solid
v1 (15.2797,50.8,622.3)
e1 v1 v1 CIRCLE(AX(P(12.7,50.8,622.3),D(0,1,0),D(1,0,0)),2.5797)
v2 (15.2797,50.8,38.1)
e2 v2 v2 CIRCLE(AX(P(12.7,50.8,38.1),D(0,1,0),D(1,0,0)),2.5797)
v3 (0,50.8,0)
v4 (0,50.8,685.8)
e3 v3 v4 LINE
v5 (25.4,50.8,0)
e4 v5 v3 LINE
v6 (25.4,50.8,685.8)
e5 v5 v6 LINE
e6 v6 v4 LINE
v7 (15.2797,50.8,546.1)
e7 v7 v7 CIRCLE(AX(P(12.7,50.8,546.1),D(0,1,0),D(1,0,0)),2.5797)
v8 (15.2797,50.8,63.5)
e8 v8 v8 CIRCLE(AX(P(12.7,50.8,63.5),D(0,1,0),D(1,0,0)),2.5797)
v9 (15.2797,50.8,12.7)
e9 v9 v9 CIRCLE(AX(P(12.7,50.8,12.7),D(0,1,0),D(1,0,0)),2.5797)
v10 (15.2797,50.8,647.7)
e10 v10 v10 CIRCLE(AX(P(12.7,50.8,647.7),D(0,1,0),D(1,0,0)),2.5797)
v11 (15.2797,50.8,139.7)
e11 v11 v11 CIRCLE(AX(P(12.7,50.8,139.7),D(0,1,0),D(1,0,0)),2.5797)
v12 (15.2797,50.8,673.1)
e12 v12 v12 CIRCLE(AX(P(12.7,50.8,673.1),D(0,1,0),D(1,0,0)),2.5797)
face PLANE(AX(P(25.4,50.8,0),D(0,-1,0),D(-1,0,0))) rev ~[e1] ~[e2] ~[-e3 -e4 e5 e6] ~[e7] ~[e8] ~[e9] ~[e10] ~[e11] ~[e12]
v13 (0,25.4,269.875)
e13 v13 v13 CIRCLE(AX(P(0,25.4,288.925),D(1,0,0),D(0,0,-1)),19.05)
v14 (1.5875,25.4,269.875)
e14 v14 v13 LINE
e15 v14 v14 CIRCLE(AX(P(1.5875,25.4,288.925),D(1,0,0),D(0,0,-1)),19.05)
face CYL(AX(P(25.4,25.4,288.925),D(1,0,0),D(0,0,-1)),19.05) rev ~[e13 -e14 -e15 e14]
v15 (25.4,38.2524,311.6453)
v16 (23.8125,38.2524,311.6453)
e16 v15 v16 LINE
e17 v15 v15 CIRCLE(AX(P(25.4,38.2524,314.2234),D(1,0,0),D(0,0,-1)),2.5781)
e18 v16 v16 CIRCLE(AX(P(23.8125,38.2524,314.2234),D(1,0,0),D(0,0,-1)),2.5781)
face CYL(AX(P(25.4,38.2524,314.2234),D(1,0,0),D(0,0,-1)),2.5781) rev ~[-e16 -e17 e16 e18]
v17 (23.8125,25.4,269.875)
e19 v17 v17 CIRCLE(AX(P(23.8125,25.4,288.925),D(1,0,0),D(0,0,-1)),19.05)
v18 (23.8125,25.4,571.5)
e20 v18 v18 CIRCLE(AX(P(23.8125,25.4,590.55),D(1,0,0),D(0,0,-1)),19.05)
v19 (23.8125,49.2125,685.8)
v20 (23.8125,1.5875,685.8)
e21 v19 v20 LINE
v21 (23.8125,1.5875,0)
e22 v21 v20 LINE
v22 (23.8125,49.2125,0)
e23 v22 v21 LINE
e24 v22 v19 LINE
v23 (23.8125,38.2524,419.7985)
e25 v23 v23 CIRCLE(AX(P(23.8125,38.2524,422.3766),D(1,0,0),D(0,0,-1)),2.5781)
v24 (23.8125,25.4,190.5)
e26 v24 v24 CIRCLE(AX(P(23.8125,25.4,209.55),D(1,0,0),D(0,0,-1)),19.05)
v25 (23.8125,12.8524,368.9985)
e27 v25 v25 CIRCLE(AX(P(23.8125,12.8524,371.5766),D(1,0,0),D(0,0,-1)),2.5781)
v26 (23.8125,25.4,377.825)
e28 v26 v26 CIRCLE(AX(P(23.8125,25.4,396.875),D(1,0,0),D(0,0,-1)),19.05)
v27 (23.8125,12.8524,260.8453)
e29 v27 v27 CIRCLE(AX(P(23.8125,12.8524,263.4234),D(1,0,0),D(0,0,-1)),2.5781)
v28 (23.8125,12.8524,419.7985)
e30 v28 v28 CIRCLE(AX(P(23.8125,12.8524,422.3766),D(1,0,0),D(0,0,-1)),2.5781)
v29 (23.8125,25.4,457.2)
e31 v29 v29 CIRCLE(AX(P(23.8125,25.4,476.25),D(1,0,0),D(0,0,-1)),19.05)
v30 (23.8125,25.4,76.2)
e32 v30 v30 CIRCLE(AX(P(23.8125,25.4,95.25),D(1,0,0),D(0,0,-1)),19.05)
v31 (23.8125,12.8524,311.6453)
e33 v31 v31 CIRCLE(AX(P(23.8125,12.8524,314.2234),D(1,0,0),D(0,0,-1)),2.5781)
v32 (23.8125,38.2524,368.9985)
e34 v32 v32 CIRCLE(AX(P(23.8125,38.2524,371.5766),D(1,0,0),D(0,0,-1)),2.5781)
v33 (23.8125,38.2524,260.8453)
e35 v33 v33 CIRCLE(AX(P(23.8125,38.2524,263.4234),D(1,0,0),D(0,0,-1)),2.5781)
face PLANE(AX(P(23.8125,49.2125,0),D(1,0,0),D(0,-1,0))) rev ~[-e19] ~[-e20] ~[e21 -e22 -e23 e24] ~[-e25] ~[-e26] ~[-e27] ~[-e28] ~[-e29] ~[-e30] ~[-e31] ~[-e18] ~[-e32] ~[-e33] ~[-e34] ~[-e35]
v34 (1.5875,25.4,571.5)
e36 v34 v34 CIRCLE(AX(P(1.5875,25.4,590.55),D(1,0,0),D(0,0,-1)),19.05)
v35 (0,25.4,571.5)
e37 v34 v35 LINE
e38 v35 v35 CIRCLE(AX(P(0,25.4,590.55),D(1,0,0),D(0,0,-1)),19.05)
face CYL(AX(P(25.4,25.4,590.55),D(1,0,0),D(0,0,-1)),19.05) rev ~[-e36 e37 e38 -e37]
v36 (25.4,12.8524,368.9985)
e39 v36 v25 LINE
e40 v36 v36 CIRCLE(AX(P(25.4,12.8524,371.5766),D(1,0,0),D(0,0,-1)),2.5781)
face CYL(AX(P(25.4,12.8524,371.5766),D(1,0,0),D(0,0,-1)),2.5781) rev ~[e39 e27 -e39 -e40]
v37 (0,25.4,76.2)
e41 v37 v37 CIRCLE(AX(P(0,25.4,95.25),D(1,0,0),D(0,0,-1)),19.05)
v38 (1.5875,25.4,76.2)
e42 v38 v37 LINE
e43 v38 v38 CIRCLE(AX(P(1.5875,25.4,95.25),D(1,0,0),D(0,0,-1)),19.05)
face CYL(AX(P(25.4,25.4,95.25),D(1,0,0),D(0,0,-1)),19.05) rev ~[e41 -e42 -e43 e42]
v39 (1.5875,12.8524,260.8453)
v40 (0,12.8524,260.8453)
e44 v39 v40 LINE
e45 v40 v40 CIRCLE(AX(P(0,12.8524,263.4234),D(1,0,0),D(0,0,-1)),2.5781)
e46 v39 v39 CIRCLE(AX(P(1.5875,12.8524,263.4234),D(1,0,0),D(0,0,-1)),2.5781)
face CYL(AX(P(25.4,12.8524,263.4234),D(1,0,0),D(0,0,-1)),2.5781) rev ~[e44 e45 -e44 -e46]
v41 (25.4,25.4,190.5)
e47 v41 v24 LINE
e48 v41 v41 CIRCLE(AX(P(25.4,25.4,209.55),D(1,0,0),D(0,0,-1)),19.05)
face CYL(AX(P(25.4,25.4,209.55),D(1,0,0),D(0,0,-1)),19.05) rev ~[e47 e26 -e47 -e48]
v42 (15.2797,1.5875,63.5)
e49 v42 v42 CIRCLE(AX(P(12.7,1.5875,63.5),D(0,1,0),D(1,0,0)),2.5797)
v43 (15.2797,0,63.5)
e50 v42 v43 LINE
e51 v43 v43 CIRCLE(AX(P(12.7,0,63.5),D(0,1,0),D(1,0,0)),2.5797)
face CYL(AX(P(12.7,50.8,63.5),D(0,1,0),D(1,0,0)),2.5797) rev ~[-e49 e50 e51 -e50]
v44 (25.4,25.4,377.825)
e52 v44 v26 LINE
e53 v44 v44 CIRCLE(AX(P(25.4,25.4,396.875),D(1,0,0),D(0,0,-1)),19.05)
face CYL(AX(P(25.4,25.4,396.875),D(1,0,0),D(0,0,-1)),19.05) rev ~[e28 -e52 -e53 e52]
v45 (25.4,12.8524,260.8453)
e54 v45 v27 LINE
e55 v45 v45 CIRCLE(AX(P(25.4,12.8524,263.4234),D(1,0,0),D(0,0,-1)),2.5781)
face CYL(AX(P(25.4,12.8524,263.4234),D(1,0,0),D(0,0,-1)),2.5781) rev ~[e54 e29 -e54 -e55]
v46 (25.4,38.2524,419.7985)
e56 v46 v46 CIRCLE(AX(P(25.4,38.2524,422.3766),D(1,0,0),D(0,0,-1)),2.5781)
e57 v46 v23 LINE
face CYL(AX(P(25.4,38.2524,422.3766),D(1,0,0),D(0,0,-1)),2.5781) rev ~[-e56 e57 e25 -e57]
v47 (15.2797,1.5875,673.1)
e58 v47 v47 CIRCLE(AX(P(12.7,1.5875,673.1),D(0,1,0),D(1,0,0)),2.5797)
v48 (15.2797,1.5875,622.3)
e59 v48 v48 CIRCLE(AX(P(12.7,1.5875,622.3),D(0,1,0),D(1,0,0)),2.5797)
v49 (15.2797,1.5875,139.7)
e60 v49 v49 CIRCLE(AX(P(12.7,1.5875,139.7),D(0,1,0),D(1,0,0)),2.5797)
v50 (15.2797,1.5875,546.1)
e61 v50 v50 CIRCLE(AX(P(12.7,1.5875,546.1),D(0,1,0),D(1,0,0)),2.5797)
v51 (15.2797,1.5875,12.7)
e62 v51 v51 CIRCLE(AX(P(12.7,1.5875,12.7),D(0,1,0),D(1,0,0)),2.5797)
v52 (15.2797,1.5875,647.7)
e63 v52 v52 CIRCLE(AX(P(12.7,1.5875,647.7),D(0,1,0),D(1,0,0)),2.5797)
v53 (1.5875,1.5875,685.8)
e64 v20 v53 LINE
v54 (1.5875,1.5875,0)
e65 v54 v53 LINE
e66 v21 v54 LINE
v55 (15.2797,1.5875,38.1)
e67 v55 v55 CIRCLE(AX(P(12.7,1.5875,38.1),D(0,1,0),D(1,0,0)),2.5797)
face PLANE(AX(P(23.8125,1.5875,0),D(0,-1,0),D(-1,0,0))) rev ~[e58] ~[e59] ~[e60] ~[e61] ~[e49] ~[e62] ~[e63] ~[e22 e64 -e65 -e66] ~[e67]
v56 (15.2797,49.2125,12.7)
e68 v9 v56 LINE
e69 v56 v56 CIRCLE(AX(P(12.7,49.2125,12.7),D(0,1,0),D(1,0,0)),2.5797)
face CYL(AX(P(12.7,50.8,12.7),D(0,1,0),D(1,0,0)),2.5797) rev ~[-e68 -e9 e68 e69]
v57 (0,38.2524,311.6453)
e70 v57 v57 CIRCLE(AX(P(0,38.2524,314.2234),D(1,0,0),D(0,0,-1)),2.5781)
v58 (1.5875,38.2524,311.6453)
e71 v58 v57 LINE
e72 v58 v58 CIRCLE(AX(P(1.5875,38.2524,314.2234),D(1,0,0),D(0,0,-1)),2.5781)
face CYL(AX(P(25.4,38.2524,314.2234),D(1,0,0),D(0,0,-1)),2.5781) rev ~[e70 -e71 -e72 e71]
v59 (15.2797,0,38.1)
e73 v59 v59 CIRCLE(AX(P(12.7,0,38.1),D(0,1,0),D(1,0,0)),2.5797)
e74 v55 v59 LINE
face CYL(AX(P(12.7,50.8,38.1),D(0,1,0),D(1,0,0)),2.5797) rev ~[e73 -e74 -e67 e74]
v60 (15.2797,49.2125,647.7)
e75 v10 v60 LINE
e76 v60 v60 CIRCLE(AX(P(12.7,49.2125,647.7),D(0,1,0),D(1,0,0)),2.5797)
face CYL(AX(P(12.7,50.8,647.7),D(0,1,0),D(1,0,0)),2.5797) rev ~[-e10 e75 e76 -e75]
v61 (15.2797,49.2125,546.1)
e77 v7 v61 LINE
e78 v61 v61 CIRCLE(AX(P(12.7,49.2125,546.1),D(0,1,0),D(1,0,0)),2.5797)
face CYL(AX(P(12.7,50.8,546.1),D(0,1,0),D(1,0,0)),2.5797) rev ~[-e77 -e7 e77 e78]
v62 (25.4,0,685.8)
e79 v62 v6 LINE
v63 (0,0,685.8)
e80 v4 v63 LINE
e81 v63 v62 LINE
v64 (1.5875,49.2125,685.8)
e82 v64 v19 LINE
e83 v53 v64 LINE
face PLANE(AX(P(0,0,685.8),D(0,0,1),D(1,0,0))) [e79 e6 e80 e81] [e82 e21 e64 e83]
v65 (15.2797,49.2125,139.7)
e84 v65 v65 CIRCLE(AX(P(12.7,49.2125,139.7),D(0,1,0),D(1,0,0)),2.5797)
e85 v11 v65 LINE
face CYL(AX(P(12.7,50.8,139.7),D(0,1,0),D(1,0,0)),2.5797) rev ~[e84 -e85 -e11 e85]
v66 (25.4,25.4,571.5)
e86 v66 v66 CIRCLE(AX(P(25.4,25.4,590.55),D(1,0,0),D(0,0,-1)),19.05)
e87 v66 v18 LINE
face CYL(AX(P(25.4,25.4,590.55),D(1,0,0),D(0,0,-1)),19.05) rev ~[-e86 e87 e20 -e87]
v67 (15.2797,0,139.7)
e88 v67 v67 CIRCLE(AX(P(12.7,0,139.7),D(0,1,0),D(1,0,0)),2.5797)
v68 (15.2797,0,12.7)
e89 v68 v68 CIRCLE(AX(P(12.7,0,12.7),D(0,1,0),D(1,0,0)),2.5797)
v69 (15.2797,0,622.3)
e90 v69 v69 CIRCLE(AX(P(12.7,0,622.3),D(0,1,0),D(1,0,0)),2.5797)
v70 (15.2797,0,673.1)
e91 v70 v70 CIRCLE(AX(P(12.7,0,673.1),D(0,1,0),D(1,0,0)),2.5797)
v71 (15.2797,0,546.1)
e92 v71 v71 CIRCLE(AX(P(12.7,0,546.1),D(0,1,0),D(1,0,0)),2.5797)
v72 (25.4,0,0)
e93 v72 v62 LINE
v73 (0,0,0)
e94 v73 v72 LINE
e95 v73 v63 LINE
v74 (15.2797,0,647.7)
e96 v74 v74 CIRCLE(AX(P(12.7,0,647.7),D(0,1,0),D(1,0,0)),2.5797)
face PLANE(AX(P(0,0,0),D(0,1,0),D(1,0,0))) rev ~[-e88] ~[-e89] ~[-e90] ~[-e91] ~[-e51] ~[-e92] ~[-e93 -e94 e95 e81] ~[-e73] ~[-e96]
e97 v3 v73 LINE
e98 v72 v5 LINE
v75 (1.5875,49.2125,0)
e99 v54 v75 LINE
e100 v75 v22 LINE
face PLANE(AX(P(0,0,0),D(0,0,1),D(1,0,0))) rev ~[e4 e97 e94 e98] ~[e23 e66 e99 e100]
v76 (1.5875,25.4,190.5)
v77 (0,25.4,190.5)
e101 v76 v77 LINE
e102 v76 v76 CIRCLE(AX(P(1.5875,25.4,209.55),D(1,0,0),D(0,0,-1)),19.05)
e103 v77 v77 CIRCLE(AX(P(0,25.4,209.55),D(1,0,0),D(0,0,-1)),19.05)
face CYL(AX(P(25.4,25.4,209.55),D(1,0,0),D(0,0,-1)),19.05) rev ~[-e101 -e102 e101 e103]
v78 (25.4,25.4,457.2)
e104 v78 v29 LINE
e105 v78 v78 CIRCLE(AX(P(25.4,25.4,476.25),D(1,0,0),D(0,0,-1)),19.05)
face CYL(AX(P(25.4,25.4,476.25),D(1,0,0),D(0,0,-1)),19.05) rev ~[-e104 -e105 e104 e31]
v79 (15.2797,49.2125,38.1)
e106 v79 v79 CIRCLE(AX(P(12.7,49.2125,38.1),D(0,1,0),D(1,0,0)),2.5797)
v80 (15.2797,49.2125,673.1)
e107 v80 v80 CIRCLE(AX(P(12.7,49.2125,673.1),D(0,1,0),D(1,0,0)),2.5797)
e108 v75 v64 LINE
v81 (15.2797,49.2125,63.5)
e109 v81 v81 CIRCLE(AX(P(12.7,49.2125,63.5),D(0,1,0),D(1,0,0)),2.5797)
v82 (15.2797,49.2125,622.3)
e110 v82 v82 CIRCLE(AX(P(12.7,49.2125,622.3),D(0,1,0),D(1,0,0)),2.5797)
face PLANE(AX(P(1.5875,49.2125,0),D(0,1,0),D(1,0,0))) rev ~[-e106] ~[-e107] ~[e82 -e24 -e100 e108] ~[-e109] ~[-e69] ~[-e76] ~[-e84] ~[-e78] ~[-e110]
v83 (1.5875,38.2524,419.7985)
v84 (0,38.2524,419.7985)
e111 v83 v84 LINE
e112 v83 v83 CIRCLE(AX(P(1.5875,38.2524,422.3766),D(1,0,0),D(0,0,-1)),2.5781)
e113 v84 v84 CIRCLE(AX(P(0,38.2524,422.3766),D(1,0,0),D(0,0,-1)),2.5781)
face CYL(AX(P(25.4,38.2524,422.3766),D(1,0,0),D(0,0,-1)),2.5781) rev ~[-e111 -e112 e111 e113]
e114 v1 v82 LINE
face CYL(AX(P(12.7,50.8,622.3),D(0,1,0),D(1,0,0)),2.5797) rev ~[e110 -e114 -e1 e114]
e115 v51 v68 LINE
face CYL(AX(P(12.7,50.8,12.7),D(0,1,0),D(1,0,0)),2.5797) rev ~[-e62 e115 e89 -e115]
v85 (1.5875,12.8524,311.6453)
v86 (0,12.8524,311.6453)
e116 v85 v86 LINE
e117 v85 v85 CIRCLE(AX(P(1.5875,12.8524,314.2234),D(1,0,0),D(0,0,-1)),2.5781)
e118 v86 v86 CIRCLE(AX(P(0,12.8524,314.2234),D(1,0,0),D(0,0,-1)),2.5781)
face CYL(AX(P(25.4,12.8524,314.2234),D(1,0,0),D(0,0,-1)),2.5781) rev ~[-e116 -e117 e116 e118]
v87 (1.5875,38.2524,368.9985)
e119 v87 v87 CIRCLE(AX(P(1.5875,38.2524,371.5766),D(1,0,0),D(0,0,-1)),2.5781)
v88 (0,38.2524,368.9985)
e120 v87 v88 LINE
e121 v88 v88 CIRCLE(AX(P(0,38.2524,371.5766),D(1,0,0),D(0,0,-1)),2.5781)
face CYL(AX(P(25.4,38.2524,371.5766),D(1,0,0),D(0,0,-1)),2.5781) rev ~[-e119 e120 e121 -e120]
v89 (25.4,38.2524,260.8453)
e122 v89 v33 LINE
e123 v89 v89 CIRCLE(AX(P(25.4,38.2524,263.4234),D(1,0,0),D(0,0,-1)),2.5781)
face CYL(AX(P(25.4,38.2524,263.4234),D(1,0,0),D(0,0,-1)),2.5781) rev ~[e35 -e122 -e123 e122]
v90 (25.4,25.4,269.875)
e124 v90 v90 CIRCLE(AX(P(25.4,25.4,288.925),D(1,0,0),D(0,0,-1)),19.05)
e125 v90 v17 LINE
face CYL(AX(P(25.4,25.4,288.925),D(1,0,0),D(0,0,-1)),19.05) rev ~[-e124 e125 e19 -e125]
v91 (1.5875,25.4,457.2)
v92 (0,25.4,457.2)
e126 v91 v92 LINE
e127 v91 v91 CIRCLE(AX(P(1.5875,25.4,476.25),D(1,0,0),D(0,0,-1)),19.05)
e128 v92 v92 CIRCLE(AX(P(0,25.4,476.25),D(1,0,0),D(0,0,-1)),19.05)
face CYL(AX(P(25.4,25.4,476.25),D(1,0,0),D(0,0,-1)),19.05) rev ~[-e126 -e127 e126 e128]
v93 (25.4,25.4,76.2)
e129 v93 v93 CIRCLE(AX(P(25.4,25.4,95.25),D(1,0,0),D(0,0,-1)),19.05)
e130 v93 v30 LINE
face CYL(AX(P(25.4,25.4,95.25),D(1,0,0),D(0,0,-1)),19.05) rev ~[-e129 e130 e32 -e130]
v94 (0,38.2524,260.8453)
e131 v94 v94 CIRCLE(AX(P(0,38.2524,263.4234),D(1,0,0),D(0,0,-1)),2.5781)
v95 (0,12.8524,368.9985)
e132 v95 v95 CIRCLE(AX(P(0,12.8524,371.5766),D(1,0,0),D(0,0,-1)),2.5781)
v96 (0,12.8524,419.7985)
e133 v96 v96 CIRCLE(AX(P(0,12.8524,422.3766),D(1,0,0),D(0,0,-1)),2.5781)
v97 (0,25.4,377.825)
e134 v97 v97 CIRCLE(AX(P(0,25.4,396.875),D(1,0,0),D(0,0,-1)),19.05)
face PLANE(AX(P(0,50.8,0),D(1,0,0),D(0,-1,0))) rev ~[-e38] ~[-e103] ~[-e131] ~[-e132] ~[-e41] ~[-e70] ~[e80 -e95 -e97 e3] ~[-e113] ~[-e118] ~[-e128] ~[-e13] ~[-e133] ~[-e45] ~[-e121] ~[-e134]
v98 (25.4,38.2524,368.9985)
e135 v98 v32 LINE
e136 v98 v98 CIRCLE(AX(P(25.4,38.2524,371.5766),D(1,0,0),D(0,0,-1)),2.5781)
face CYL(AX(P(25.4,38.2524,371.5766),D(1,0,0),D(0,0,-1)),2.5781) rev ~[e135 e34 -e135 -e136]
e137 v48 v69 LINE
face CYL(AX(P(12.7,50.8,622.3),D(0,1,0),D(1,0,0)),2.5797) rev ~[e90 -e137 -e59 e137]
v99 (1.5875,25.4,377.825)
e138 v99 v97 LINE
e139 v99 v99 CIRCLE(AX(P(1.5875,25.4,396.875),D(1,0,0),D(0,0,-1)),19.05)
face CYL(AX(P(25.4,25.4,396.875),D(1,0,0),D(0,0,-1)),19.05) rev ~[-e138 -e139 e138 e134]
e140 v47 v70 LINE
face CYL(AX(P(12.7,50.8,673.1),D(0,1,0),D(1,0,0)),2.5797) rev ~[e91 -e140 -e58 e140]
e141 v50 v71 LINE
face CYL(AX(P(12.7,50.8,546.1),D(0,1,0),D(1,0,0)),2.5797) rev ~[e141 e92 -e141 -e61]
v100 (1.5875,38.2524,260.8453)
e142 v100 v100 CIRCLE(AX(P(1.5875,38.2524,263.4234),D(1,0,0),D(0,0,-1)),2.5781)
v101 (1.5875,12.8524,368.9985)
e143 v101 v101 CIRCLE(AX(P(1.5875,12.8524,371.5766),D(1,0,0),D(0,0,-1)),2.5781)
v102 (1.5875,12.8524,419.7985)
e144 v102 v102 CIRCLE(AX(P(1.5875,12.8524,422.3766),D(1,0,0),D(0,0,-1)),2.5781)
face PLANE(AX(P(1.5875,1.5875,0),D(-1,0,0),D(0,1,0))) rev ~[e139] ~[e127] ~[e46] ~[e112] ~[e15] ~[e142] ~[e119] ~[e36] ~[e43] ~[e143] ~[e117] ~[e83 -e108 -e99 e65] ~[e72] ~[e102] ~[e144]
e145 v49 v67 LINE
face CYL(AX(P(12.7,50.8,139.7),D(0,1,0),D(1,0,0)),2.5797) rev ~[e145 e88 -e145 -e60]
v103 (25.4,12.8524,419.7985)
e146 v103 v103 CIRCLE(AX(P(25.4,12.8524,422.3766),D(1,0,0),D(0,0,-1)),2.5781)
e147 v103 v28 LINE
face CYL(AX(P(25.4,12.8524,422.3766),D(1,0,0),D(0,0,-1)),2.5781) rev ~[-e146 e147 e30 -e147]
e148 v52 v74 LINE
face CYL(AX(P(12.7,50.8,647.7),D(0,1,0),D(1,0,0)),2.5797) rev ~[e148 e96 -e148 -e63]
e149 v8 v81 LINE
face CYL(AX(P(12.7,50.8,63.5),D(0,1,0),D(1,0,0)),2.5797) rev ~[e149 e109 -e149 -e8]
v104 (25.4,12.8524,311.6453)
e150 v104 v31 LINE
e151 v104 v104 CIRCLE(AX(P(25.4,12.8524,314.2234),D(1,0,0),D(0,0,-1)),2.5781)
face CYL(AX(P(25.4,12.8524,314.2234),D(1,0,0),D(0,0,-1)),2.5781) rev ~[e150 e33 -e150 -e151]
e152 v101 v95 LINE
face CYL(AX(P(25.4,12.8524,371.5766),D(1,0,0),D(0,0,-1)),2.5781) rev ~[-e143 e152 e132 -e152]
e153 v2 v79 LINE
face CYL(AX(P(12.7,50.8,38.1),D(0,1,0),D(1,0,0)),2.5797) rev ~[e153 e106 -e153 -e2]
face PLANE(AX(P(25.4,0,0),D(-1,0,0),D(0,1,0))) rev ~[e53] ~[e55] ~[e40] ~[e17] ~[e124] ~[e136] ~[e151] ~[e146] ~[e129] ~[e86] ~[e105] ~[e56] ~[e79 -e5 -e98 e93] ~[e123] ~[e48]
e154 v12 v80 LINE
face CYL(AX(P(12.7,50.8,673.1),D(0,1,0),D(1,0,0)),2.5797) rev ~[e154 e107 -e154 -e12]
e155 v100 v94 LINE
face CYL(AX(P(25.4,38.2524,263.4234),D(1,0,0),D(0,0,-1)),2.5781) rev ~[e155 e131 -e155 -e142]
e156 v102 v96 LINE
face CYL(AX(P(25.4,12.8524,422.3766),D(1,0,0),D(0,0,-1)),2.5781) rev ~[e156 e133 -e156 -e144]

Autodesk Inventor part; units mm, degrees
ref_plane "YZ Plane" through (0, 0, 0) normal (1, 0, 0) x (0, 1, 0)
ref_plane "XZ Plane" through (0, 0, 0) normal (0, 1, 0) x (-1, 0, 0)
ref_plane "XY Plane" through (0, 0, 0) normal (0, 0, 1) x (1, 0, 0)
sketch "Sketch1" plane through (0, 0, 0) normal (0, 0, 1) x (1, 0, 0)
  line L0 (0, 0) -> (25.4, 0)
  line L1 (25.4, 0) -> (25.4, 50.8)
  line L2 (25.4, 50.8) -> (0, 50.8)
  line L3 (0, 50.8) -> (0, 0)
  line L4 (1.5875, 49.2125) -> (23.8125, 49.2125)
  line L5 (23.8125, 49.2125) -> (23.8125, 1.5875)
  line L6 (23.8125, 1.5875) -> (1.5875, 1.5875)
  line L7 (1.5875, 1.5875) -> (1.5875, 49.2125)
  dimension "d0" = 25.4
  dimension "d1" = 50.8
  dimension "d2" = 1.5875
extrude "Extrusion1" add sketch "Sketch1" along normal blind 685.8
sketch "Sketch2" plane through (25.4, 0, 0) normal (1, 0, 0) x (0, 0, -1)
  line L0 (0, 49.2125) -> (0, 1.5875) construction
  line L1 (0, 25.4) -> (-95.25, 25.4) construction
  line L2 (0, 25.4) -> (-209.55, 25.4) construction
  line L3 (0, 25.4) -> (-288.925, 25.4) construction
  circle A0 centre (-95.25, 25.4) radius 19.05
  circle A1 centre (-209.55, 25.4) radius 19.05
  circle A2 centre (-288.925, 25.4) radius 19.05
  line L4 (0, 50.8) -> (-685.8, 50.8) construction
  line L5 (-342.9, 50.8) -> (-342.9, -48.6328) construction
  circle A3 centre (-590.55, 25.4) radius 19.05
  circle A4 centre (-476.25, 25.4) radius 19.05
  circle A5 centre (-396.875, 25.4) radius 19.05
  point P0 (0, 0)
  dimension "d5" = 95.25
  dimension "d6" = 209.55
  dimension "d7" = 288.925
  dimension "d8" = 38.1
  dimension "d9" = 38.1
  dimension "d10" = 38.1
extrude "Extrusion2" cut sketch "Sketch2" against normal blind 685.8
sketch "Sketch3" plane through (0, 50.8, 0) normal (0, 1, 0) x (1, 0, 0)
  line L0 (23.8125, 0) -> (1.5875, 0) construction
  line L1 (12.7, 0) -> (12.7, -38.1) construction
  line L2 (12.7, -38.1) -> (12.7, -63.5) construction
  line L3 (12.7, -63.5) -> (12.7, -139.7) construction
  line L4 (25.4, -685.8) -> (0, -685.8) construction
  line L5 (12.7, -685.8) -> (12.7, -647.7) construction
  line L6 (12.7, -647.7) -> (12.7, -622.3) construction
  line L7 (12.7, -622.3) -> (12.7, -546.1) construction
  circle A0 centre (12.7, -647.7) radius 2.5797
  circle A1 centre (12.7, -622.3) radius 2.5797
  circle A2 centre (12.7, -546.1) radius 2.5797
  circle A3 centre (12.7, -139.7) radius 2.5797
  circle A4 centre (12.7, -63.5) radius 2.5797
  circle A5 centre (12.7, -38.1) radius 2.5797
  line L8 (12.7, -685.8) -> (12.7, -673.1) construction
  line L9 (12.7, 0) -> (12.7, -12.7) construction
  circle A6 centre (12.7, -12.7) radius 2.5797
  circle A7 centre (12.7, -673.1) radius 2.5797
  point P0 (0, 0)
  dimension "d13" = 38.1
  dimension "d14" = 25.4
  dimension "d15" = 76.2
  dimension "d16" = 38.1
  dimension "d17" = 25.4
  dimension "d18" = 76.2
  dimension "d19" = 5.1594
  dimension "d24" = 12.7
  dimension "d25" = 12.7
extrude "Extrusion5" cut sketch "Sketch3" against normal blind 215.9
sketch "Sketch4" plane through (25.4, 0, 0) normal (1, 0, 0) x (0, 0, -1)
  line L0 (-685.8, 0) -> (-422.3766, 0) construction
  line L1 (0, 0) -> (-685.8, 0) construction
  line L2 (-422.3766, 0) -> (-422.3766, 12.8524) construction
  line L3 (-422.3766, 12.8524) -> (-422.3766, 38.2524) construction
  line L4 (-422.3766, 38.2524) -> (-371.5766, 38.2524) construction
  line L5 (-371.5766, 38.2524) -> (-371.5766, 12.8524) construction
  line L6 (0, 50.8) -> (-685.8, 50.8) construction
  line L7 (-342.9, 50.8) -> (-342.9, 0) construction
  circle A0 centre (-422.3766, 38.2524) radius 2.5781
  circle A1 centre (-422.3766, 12.8524) radius 2.5781
  circle A2 centre (-371.5766, 12.8524) radius 2.5781
  circle A3 centre (-371.5766, 38.2524) radius 2.5781
  circle A4 centre (-263.4234, 38.2524) radius 2.5781
  circle A5 centre (-263.4234, 12.8524) radius 2.5781
  circle A6 centre (-314.2234, 12.8524) radius 2.5781
  circle A7 centre (-314.2234, 38.2524) radius 2.5781
  dimension "d16" = 38.1
  dimension "d17" = 25.4
  dimension "d18" = 76.2
  dimension "d19" = 5.1594
  dimension "d24" = 12.7
  dimension "d28" = 263.4234
  dimension "d29" = 12.8524
  dimension "d30" = 25.4
  dimension "d31" = 50.8
  dimension "d32" = 25.4
  dimension "d33" = 5.1562
extrude "Extrusion6" cut sketch "Sketch4" against normal blind 215.9
properties part number "driveline 1x2"
